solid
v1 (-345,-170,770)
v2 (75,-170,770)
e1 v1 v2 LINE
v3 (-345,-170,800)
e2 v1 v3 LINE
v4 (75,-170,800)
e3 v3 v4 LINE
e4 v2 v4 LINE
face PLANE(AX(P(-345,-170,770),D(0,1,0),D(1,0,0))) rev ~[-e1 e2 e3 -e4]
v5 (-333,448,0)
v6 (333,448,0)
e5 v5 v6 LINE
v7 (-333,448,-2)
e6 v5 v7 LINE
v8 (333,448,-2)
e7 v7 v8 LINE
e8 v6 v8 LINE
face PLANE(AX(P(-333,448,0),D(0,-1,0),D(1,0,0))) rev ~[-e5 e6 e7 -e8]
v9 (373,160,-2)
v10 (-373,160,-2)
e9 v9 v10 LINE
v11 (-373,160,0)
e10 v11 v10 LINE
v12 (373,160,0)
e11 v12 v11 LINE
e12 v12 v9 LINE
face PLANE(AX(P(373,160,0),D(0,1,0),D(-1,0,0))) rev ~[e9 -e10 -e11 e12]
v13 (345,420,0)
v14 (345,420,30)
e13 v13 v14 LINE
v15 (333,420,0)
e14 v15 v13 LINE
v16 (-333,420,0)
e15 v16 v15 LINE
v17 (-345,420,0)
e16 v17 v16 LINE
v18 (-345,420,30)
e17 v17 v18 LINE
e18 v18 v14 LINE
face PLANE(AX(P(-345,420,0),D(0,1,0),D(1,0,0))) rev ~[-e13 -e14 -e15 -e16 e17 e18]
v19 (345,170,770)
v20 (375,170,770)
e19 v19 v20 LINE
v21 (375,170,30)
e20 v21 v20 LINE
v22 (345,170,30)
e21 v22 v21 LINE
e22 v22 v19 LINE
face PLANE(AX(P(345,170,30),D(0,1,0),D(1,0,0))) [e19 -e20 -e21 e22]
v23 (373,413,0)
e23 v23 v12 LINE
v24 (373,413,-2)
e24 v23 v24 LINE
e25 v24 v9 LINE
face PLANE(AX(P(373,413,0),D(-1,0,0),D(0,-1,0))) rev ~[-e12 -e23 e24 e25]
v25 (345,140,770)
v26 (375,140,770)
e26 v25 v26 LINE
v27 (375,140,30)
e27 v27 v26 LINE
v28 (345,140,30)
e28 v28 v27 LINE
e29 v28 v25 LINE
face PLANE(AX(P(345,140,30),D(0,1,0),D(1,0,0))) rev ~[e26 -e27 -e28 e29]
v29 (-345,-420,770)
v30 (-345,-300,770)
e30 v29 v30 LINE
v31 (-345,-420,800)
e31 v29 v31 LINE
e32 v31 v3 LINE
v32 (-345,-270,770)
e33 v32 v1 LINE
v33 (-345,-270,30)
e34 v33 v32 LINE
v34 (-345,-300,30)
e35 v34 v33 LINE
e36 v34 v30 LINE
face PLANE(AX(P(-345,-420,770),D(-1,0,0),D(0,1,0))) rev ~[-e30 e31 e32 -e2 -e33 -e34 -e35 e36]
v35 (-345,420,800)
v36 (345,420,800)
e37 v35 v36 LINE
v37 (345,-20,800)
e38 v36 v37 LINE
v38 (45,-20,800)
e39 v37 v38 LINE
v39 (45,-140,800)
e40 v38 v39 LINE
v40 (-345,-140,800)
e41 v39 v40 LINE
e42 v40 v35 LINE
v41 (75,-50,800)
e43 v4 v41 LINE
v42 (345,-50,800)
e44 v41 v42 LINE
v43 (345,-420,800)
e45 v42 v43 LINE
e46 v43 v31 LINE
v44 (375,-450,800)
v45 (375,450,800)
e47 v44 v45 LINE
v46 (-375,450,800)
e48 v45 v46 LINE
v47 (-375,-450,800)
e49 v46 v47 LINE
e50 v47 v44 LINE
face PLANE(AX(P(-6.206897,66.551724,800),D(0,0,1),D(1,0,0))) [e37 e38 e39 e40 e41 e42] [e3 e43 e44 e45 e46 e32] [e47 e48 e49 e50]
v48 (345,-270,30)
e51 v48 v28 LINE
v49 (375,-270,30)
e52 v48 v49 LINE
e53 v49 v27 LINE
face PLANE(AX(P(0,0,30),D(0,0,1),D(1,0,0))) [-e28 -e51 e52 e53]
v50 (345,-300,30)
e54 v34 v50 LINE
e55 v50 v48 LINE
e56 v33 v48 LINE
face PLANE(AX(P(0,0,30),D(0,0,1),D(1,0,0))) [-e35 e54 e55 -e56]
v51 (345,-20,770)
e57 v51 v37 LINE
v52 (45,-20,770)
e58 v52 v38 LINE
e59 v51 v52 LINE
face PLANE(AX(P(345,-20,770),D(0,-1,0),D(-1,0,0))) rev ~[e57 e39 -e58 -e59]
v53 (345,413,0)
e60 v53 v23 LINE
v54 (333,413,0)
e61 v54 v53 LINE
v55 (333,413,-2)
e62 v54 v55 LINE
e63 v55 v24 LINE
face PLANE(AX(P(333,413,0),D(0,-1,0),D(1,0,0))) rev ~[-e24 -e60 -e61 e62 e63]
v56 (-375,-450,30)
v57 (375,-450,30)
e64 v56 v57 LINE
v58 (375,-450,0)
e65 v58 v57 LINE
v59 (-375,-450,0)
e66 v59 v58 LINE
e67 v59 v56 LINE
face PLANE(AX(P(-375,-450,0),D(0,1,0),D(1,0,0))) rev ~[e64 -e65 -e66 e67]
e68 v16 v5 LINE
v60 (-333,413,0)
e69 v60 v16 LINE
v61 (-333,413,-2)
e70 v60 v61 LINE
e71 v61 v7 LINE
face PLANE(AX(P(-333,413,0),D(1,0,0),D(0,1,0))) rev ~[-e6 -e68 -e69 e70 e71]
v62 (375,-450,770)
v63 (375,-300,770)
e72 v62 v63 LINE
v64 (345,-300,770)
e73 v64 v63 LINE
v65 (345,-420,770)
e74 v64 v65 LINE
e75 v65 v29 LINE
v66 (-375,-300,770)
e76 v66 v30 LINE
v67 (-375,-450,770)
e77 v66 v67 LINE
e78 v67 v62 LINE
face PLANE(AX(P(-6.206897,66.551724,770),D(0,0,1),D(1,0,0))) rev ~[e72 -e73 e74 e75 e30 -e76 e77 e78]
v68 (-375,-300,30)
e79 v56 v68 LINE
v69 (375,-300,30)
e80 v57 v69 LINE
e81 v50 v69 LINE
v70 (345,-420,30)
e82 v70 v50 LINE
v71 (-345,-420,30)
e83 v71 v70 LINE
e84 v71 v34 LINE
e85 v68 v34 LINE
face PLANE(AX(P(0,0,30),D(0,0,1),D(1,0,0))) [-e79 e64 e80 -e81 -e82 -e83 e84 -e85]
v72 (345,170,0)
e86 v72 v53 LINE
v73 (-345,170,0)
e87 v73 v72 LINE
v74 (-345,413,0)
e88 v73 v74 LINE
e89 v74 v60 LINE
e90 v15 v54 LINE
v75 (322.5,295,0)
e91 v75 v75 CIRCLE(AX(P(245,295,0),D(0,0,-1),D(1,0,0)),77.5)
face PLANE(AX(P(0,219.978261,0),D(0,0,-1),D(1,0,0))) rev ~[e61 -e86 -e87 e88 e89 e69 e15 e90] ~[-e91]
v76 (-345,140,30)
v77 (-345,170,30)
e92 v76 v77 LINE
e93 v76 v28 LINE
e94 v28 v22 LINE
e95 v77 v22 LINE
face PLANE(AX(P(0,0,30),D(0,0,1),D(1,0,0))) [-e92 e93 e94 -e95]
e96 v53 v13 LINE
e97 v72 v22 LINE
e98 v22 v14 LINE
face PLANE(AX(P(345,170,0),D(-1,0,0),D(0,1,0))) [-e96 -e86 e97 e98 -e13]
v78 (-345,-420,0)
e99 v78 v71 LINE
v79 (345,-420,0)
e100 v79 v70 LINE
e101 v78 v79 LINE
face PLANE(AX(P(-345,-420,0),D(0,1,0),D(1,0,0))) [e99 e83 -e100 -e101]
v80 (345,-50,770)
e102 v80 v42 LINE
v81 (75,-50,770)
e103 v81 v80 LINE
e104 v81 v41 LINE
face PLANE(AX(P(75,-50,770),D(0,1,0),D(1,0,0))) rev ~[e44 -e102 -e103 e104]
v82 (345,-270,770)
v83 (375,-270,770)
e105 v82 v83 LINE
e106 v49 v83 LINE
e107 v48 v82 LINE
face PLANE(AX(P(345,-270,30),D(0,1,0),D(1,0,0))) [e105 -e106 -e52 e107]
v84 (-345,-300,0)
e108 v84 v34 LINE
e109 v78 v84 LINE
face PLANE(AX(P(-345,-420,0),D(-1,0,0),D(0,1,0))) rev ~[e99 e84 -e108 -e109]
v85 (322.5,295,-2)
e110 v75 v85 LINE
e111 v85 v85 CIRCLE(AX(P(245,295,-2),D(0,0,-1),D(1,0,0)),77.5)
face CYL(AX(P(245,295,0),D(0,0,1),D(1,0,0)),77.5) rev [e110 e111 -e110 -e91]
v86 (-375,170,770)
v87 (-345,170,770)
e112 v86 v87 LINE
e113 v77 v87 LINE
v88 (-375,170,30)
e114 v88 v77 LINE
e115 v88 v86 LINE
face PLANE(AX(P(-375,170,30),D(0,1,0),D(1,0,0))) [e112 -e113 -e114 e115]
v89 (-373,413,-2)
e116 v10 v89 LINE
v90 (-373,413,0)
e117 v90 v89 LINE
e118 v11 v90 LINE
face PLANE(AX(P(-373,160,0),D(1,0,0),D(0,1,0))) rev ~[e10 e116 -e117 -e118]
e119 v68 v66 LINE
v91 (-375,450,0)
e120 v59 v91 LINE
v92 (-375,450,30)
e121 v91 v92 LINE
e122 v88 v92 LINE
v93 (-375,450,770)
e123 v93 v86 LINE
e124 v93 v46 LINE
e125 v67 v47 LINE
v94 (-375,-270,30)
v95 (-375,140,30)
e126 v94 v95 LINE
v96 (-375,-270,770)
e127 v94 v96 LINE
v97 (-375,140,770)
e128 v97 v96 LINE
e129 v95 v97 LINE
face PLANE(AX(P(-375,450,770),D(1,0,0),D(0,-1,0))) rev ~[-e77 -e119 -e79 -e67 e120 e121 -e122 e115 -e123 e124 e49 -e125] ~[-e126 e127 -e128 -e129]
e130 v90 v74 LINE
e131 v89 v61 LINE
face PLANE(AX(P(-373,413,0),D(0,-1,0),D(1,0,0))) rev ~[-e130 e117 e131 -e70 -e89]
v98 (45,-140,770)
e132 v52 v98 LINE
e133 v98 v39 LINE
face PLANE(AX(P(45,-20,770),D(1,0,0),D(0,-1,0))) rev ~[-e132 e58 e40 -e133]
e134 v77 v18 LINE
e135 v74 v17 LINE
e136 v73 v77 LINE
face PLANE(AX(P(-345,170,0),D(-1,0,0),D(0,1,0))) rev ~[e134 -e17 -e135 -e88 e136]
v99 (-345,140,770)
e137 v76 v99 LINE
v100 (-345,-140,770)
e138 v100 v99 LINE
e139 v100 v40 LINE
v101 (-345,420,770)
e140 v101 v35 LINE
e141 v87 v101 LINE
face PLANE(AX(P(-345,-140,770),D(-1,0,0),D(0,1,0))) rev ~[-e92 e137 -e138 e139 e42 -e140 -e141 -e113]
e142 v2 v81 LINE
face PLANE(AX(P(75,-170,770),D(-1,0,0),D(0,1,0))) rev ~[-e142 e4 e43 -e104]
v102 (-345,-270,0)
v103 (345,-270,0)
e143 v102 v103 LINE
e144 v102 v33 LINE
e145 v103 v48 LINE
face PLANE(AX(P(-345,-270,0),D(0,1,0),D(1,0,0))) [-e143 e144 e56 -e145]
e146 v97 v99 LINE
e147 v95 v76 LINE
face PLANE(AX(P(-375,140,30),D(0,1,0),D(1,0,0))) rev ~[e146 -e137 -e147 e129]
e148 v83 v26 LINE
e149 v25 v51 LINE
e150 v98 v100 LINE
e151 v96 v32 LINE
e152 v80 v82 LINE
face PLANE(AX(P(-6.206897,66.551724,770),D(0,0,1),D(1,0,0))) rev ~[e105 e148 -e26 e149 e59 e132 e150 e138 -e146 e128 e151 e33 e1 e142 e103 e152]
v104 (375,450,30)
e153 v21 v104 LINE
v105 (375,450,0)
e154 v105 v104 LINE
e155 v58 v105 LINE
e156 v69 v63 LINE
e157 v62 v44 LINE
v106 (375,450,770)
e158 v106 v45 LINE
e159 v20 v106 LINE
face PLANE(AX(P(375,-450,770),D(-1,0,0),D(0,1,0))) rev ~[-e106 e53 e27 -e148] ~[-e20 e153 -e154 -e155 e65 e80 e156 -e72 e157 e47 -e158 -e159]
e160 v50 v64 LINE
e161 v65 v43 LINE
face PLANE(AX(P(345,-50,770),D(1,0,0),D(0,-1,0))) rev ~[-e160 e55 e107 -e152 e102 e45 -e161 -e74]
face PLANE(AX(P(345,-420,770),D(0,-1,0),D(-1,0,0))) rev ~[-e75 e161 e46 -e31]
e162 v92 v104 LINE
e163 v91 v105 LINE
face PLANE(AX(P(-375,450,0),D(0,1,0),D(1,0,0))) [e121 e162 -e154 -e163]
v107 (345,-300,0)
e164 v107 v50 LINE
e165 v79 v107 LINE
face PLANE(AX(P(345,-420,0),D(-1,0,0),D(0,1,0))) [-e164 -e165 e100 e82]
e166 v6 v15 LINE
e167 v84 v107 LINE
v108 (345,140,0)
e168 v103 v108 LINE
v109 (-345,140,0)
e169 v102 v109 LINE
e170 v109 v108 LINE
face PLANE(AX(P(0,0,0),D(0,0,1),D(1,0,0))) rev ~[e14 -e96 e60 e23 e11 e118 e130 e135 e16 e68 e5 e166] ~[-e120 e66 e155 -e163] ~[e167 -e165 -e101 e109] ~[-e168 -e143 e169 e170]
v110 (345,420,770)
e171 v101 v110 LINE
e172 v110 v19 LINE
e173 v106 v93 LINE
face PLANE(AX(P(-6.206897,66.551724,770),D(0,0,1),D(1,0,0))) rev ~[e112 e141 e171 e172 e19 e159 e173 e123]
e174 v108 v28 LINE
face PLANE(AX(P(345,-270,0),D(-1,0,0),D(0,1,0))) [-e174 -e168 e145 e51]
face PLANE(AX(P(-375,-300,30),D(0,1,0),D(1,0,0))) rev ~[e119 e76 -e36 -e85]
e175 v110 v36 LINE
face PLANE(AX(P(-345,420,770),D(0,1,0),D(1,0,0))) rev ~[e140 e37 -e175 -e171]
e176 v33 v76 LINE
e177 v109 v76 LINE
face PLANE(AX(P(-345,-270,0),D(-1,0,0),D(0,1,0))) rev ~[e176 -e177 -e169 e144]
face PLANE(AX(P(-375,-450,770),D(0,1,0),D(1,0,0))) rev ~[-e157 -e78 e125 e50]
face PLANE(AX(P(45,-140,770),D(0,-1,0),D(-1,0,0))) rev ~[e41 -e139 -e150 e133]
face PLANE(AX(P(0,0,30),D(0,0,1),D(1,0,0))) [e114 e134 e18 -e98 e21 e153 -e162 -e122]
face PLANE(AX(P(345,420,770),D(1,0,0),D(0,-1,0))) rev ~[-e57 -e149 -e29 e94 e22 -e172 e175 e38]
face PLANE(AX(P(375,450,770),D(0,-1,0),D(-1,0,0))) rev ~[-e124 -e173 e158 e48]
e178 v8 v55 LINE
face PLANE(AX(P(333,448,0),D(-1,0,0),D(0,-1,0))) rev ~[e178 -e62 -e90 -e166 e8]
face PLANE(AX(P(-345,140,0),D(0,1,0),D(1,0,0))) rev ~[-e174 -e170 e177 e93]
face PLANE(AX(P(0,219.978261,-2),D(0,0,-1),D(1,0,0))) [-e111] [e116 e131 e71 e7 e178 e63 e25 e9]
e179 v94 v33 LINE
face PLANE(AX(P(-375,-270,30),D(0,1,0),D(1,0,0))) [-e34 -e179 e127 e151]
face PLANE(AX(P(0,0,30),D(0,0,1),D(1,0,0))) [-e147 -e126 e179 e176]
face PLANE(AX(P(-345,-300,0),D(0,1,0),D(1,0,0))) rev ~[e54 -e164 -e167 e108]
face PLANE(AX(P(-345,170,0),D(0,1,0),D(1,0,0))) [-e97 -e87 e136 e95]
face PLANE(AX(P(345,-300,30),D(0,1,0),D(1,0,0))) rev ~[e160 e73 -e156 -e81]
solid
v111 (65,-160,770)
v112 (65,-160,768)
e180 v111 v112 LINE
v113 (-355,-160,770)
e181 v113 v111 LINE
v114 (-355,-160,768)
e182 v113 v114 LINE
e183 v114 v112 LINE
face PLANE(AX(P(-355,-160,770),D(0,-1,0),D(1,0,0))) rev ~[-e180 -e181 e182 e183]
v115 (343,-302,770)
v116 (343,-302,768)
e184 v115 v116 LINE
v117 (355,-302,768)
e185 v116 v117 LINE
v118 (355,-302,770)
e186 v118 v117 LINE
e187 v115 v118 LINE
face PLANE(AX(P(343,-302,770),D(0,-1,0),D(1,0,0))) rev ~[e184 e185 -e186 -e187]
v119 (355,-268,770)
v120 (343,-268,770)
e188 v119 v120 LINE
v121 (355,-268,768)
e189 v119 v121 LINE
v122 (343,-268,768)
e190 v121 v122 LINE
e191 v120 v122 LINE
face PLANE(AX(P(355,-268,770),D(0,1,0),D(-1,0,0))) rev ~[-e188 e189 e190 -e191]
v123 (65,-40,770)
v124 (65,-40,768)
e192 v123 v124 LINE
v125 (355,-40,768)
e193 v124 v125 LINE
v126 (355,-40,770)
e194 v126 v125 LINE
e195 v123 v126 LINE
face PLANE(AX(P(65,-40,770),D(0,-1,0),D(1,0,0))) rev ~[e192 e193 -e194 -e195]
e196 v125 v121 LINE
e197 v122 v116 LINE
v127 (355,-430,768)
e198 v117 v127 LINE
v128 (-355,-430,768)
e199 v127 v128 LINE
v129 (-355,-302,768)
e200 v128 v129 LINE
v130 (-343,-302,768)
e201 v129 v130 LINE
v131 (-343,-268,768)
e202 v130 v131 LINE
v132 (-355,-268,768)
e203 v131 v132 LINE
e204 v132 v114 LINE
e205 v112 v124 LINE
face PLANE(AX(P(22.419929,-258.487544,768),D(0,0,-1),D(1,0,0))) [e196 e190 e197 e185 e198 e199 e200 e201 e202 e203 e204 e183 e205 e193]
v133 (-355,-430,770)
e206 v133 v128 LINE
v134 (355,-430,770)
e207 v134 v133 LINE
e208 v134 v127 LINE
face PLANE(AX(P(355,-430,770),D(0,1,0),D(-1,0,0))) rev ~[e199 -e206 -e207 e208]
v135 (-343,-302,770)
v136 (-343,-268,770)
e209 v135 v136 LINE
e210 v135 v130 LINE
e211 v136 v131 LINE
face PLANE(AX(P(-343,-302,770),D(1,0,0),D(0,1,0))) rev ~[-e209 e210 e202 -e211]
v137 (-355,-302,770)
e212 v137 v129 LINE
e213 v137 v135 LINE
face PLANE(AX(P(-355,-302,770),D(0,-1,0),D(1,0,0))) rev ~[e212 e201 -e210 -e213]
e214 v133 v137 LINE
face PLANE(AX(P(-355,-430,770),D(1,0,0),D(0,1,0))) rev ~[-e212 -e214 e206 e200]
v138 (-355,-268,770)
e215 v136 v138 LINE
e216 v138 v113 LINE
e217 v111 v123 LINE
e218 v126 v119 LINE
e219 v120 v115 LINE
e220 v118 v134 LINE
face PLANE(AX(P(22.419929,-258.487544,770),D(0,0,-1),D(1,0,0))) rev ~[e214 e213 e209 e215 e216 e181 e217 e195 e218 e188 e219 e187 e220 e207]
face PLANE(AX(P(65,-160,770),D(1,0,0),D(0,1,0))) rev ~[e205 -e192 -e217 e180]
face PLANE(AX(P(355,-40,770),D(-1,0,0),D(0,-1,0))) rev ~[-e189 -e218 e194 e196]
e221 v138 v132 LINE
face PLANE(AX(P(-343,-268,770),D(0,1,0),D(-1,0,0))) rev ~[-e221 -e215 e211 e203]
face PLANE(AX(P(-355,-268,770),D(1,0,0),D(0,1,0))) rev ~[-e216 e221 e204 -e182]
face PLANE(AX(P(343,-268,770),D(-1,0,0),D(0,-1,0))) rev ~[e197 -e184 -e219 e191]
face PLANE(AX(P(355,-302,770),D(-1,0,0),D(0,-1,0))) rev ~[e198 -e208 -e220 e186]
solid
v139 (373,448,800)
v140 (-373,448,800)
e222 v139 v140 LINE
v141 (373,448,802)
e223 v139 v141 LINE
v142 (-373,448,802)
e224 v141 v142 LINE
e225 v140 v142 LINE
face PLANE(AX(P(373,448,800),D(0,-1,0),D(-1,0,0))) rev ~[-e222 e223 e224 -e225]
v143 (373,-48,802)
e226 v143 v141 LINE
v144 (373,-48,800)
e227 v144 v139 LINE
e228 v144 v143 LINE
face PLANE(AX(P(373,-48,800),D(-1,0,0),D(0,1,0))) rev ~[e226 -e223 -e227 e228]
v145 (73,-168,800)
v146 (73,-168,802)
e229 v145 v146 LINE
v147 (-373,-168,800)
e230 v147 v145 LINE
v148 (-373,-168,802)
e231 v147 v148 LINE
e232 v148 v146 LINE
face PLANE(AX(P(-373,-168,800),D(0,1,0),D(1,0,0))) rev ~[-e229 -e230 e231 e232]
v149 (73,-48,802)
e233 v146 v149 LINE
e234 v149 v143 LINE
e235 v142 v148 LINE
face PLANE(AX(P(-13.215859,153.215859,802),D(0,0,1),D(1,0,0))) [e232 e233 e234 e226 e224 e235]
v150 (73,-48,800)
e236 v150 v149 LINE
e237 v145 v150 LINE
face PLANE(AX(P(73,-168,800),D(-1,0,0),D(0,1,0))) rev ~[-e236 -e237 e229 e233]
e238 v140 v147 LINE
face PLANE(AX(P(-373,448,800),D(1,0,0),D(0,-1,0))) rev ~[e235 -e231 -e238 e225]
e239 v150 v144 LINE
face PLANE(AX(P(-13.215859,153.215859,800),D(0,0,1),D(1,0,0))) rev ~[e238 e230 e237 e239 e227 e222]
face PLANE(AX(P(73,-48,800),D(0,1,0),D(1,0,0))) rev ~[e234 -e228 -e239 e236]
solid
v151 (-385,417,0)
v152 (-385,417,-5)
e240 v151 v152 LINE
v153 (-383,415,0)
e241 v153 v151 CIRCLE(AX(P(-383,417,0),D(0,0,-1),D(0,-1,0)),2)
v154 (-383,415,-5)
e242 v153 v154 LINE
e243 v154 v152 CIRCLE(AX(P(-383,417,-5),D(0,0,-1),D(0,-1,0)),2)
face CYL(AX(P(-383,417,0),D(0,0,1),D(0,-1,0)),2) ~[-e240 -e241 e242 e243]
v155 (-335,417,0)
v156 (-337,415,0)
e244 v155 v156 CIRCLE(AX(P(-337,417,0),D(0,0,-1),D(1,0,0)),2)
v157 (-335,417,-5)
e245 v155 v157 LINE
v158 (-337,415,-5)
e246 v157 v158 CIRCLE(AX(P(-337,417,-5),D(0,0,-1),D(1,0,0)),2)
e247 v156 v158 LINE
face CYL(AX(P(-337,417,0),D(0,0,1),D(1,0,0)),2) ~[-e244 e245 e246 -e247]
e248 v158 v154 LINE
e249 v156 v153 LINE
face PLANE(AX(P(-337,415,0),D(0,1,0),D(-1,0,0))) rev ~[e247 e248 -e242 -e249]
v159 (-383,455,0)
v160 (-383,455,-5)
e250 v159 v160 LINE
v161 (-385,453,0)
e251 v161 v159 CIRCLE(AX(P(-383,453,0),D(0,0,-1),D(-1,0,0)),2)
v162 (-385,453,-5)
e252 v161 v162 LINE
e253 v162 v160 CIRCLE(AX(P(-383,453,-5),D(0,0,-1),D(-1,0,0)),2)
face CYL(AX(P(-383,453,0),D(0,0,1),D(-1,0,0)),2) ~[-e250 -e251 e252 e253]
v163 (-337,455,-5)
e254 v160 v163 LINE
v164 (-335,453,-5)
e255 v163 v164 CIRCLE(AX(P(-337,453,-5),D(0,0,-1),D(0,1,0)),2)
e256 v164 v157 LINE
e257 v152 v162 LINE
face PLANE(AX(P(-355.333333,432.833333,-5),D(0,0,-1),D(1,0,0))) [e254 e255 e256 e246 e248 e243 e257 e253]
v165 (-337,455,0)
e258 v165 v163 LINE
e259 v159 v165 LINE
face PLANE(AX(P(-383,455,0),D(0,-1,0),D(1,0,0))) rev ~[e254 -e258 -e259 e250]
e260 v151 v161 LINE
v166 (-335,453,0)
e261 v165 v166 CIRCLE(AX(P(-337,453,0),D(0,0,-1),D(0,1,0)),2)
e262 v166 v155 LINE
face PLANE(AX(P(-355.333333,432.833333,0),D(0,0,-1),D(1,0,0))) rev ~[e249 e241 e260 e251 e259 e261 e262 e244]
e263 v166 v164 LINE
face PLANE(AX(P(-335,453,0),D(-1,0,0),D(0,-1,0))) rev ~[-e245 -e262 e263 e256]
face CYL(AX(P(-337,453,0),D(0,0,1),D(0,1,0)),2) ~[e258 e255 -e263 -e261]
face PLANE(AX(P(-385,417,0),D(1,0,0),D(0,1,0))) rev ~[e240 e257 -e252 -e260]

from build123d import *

# Parameters (mm, degrees)
F0_W      = 750
F0_H      = 900
F0_W_2    = 690
F0_H_2    = 120
F0_H_3    = 410
F0_H_4    = 250
F1_DEPTH  = 30
F2_W      = 30
F2_H      = 30
F3_DEPTH  = 740
F5_DEPTH  = 5
F6_W      = 30
F6_H      = 30
F7_DEPTH  = 30
F9_DEPTH  = 2
F10_R     = 77.5
F11_DEPTH = 2
F13_DEPTH = 2


with BuildPart() as f1:
    # F0 (on Top) → F1 (new body)
    with BuildSketch(Plane.XY):
        Rectangle(F0_W, F0_H)
        with Locations((0, -360)):
            Rectangle(F0_W_2, F0_H_2, mode=Mode.SUBTRACT)
        with Locations((0, -65)):
            Rectangle(F0_W_2, F0_H_3, mode=Mode.SUBTRACT)
        with Locations((0, 295)):
            Rectangle(F0_W_2, F0_H_4, mode=Mode.SUBTRACT)
    extrude(amount=F1_DEPTH)

    # F2 (on face) → F3 (join)
    with BuildSketch(Plane.XY.offset(30)):
        with Locations((-360, -285)):
            Rectangle(F2_W, F2_H)
        with Locations((360, -285)):
            Rectangle(F2_W, F2_H)
        with Locations((360, 155)):
            Rectangle(F2_W, F2_H)
        with Locations((-360, 155)):
            Rectangle(F2_W, F2_H)
    extrude(amount=F3_DEPTH)

    # F6 (on face) → F7 (join)
    with BuildSketch(Plane.XY.offset(770)):
        Polygon((375, 170), (375, 450), (-375, 450), (-375, -450), (375, -450), (375, 140), (345, 140), (345, -20), (45, -20), (45, -140), (-345, -140), (-345, 420), (345, 420), (345, 170), align=None)
        Polygon((345, -50), (345, -420), (-345, -420), (-345, -170), (75, -170), (75, -50), align=None, mode=Mode.SUBTRACT)
        with Locations((360, 155)):
            Rectangle(F6_W, F6_H)
    extrude(amount=F7_DEPTH)

    # F10 (on face) → F11 (join)
    with BuildSketch(Plane(origin=(0, 0, 0), x_dir=(1, 0, 0), z_dir=(0, 0, -1))):
        Polygon((-373, -413), (-345, -413), (-345, -170), (345, -170), (345, -413), (373, -413), (373, -160), (0, -160), (-373, -160), align=None)
        Polygon((-333, -413), (-333, -420), (333, -420), (333, -413), (345, -413), (345, -170), (-345, -170), (-345, -413), align=None)
        with Locations((245, -295)):
            Circle(F10_R, mode=Mode.SUBTRACT)
        Polygon((-333, -448), (0, -448), (333, -448), (333, -420), (-333, -420), align=None)
    extrude(amount=F11_DEPTH)


with BuildPart() as f5:
    # F4 (on face) → F5 (new body)
    with BuildSketch(Plane(origin=(0, 0, 0), x_dir=(1, 0, 0), z_dir=(0, 0, -1))):
        Polygon((-345, -415), (-375, -415), (-375, -450), (-335, -450), (-335, -420), (-345, -420), align=None)
        with BuildLine():
            Line((-375, -415), (-383, -415))
            ThreePointArc((-383, -415), (-384.4142135624, -415.5857864376), (-385, -417))
            Line((-385, -417), (-385, -453))
            ThreePointArc((-385, -453), (-384.4142135624, -454.4142135624), (-383, -455))
            Line((-383, -455), (-337, -455))
            ThreePointArc((-337, -455), (-335.5857864376, -454.4142135624), (-335, -453))
            Line((-335, -453), (-335, -450))
            Line((-335, -450), (-375, -450))
            Line((-375, -450), (-375, -415))
        make_face()
        with BuildLine():
            Line((-337, -415), (-345, -415))
            Line((-345, -415), (-345, -420))
            Line((-345, -420), (-335, -420))
            Line((-335, -420), (-335, -417))
            ThreePointArc((-335, -417), (-335.5857864376, -415.5857864376), (-337, -415))
        make_face()
    extrude(amount=F5_DEPTH)


with BuildPart() as f9:
    # F8 (on face) → F9 (new body)
    with BuildSketch(Plane.XY.offset(800)):
        Polygon((373, 448), (-373, 448), (-373, -168), (73, -168), (73, -48), (373, -48), align=None)
        Polygon((345, 420), (345, -20), (45, -20), (45, -140), (-345, -140), (-345, 420), align=None, mode=Mode.SUBTRACT)
        Polygon((45, -20), (345, -20), (345, 420), (-345, 420), (-345, -140), (45, -140), align=None)
    extrude(amount=F9_DEPTH)


with BuildPart() as f13:
    # F12 (on face) → F13 (new body)
    with BuildSketch(Plane(origin=(0, 0, 770), x_dir=(1, 0, 0), z_dir=(0, 0, -1))):
        Polygon((355, 302), (355, 430), (-355, 430), (-355, 302), (-343, 302), (-343, 268), (-355, 268), (-355, 160), (65, 160), (65, 40), (355, 40), (355, 268), (343, 268), (343, 302), align=None)
    extrude(amount=F13_DEPTH)


solid = Compound([f1.part, f5.part, f9.part, f13.part])
